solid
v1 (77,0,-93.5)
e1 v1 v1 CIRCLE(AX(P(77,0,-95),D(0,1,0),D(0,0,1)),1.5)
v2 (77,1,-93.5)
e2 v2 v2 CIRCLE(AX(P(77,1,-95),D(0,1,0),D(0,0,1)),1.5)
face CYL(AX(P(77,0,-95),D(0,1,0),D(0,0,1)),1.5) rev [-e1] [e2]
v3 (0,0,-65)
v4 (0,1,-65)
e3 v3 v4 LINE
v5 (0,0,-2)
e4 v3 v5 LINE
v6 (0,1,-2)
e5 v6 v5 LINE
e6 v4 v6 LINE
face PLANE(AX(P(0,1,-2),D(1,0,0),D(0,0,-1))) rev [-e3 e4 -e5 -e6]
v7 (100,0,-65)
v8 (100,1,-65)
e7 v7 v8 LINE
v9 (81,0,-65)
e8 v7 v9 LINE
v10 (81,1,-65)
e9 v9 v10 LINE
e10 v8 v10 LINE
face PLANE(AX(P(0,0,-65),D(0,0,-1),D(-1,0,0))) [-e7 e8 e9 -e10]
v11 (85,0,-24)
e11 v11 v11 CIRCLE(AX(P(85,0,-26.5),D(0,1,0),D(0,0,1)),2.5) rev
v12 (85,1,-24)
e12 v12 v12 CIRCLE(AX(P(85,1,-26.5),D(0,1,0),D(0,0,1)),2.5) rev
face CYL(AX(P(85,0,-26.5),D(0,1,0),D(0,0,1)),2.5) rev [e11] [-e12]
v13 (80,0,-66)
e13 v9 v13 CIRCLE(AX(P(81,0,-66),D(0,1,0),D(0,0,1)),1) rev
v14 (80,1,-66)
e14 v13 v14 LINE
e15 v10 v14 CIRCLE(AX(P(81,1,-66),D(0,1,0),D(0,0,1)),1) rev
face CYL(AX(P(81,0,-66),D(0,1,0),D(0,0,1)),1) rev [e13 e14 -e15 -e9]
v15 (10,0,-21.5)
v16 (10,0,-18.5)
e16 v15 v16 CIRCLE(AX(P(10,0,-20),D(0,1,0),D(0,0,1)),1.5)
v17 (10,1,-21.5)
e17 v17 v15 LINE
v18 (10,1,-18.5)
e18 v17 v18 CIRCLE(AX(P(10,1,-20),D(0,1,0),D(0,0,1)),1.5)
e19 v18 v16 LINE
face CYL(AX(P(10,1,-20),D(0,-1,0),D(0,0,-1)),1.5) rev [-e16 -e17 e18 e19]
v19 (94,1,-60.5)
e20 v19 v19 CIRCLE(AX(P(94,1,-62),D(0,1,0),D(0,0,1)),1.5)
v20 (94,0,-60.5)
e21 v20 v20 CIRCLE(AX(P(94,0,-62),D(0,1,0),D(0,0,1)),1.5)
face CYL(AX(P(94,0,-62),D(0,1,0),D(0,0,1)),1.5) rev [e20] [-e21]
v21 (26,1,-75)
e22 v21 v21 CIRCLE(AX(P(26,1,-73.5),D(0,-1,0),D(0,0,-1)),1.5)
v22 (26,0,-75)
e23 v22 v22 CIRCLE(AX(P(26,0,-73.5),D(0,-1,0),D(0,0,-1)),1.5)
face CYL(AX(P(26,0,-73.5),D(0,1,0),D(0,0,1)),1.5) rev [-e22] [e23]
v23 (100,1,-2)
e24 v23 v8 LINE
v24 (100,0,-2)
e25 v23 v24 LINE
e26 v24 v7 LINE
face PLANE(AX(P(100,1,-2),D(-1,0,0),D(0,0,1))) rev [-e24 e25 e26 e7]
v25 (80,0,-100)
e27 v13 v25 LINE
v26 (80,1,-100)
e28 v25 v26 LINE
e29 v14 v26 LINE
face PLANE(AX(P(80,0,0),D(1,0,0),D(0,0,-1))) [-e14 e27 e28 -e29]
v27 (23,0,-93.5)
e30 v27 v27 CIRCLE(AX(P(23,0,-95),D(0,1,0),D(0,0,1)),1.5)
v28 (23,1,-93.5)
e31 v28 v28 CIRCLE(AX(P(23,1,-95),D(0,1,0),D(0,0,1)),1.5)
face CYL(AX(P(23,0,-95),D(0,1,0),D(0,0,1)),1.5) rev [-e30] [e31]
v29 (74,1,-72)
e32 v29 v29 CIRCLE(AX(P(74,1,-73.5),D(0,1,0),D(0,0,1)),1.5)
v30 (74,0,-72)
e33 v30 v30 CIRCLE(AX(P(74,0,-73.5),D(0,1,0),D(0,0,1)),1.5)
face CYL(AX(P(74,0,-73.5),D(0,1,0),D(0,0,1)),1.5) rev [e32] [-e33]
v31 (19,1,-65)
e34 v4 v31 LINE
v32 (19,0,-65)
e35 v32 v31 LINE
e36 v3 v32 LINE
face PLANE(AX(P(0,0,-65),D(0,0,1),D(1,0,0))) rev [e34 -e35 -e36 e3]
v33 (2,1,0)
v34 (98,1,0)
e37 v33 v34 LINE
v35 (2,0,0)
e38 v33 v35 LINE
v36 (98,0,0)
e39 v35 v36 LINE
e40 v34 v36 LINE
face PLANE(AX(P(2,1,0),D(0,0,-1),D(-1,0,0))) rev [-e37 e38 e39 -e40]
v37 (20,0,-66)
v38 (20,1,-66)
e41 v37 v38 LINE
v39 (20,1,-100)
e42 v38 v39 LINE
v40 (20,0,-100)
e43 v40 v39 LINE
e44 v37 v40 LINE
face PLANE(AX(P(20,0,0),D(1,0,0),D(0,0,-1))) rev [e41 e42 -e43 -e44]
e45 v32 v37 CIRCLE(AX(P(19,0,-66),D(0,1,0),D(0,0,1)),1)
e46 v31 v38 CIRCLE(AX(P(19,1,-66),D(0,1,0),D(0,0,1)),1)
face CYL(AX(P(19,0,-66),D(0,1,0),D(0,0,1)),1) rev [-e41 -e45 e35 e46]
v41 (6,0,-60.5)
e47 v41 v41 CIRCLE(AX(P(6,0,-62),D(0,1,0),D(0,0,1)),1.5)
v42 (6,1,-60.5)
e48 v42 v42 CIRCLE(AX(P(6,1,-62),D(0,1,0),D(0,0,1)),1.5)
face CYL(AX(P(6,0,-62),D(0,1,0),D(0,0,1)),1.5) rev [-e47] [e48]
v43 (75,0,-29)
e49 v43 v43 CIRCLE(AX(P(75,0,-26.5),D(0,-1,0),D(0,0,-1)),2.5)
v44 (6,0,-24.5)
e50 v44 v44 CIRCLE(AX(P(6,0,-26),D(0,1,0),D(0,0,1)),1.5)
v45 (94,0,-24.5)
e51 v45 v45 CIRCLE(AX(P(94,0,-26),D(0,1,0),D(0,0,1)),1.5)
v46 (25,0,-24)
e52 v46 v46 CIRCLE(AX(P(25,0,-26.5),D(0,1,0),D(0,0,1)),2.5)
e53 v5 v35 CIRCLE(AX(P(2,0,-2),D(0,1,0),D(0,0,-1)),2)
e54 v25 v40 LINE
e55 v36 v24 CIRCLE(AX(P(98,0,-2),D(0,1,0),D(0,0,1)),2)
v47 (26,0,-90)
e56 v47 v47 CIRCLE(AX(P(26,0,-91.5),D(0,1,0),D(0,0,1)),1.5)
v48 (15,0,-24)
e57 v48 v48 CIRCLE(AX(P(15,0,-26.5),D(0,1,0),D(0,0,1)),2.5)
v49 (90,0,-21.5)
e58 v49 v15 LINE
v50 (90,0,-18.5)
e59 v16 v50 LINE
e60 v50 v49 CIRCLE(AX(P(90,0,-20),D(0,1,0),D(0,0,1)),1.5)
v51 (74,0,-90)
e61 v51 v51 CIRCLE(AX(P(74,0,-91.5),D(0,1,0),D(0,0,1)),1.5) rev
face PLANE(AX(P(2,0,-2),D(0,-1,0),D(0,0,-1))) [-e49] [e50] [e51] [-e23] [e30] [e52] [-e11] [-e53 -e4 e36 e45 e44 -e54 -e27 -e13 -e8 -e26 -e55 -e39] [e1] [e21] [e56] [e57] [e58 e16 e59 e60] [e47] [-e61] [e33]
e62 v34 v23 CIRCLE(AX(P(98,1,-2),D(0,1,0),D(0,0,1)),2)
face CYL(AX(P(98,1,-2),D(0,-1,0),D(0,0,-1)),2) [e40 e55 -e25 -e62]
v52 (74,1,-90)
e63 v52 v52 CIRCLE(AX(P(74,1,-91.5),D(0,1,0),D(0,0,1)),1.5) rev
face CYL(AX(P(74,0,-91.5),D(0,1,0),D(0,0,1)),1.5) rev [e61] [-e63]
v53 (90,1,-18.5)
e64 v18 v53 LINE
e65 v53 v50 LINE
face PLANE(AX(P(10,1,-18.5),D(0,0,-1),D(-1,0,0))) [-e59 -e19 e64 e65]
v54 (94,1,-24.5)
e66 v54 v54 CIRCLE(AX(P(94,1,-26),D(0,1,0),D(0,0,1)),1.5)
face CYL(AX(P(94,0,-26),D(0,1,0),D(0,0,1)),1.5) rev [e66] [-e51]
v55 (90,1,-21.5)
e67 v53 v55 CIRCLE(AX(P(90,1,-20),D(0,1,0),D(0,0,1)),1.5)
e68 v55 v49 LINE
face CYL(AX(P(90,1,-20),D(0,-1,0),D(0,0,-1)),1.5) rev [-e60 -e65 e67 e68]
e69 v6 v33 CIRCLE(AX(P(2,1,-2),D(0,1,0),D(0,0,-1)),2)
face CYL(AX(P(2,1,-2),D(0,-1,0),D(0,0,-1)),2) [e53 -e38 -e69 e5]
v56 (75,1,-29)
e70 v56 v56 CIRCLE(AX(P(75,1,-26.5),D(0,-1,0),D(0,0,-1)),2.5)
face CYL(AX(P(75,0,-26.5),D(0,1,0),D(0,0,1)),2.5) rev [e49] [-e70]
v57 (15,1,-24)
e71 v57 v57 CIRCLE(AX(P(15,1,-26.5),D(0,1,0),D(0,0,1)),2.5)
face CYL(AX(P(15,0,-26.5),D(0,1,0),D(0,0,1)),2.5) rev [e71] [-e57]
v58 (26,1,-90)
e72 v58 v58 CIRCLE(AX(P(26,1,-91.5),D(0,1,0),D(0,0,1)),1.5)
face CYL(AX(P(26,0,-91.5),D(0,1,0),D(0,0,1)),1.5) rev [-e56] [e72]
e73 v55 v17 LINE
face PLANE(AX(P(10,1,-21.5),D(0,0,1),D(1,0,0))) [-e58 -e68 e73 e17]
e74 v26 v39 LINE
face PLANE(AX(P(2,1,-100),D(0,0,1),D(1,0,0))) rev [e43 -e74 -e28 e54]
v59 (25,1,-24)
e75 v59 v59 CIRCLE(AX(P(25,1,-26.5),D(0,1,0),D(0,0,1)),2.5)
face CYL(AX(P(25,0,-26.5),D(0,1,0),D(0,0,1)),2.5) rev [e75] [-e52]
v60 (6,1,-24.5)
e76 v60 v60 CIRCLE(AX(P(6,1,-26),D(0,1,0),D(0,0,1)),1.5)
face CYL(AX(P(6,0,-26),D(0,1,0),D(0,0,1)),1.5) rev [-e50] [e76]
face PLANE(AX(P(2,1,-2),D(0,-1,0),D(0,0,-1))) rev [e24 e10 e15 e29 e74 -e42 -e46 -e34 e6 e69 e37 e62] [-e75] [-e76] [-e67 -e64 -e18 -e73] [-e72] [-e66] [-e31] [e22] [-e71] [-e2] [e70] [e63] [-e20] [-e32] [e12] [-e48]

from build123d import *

# Parameters (mm, degrees)
BOSS_EXTRUDE1_DEPTH = 1
SKETCH2_R           = 1.5
SKETCH2_R_2         = 2.5
CUT_EXTRUDE2_DEPTH  = 1
SKETCH3_R           = 1.5
CUT_EXTRUDE3_DEPTH  = 1


with BuildPart() as part:
    # Sketch1 → Boss-Extrude1 (new body)
    with BuildSketch(Plane(origin=(0, 0, 0), x_dir=(1, 0, 0), z_dir=(0, 1, 0))):
        with BuildLine():
            Line((2, 0), (98, 0))
            ThreePointArc((98, 0), (99.414213562, 0.585786438), (100, 2))
            Line((100, 2), (100, 98))
            ThreePointArc((100, 98), (99.414213562, 99.414213562), (98, 100))
            Line((98, 100), (2, 100))
            ThreePointArc((2, 100), (0.585786438, 99.414213562), (0, 98))
            Line((0, 98), (0, 2))
            ThreePointArc((0, 2), (0.585786438, 0.585786438), (2, 0))
        make_face()
        with BuildLine():
            Line((10, 21.5), (90, 21.5))
            ThreePointArc((90, 21.5), (91.5, 20), (90, 18.5))
            Line((90, 18.5), (10, 18.5))
            ThreePointArc((10, 18.5), (8.5, 20), (10, 21.5))
        make_face(mode=Mode.SUBTRACT)
    extrude(amount=BOSS_EXTRUDE1_DEPTH)

    # Sketch2 → Cut-Extrude2 (cut)
    with BuildSketch(Plane(origin=(0, 1, 0), x_dir=(1, 0, 0), z_dir=(0, 1, 0))):
        with BuildLine():
            Line((0, 100), (0, 65))
            Line((0, 65), (19, 65))
            ThreePointArc((19, 65), (19.707106781, 65.292893219), (20, 66))
            Line((20, 66), (20, 100))
            Line((20, 100), (0, 100))
        make_face()
        with BuildLine():
            Line((100, 65), (100, 100))
            Line((100, 100), (80, 100))
            Line((80, 100), (80, 66))
            ThreePointArc((80, 66), (80.292893219, 65.292893219), (81, 65))
            Line((81, 65), (100, 65))
        make_face()
        with Locations(Location((26, 91.5, 0), (0, 0, 270))):
            Circle(SKETCH2_R)
        with Locations(Location((26, 73.5, 0), (0, 0, 90))):
            Circle(SKETCH2_R)
        with Locations(Location((74, 91.5, 0), (0, 0, 270))):
            Circle(SKETCH2_R)
        with Locations(Location((74, 73.5, 0), (0, 0, 270))):
            Circle(SKETCH2_R)
        with Locations(Location((15, 26.5, 0), (0, 0, 270))):
            Circle(SKETCH2_R_2)
        with Locations(Location((25, 26.5, 0), (0, 0, 270))):
            Circle(SKETCH2_R_2)
        with Locations(Location((85, 26.5, 0), (0, 0, 270))):
            Circle(SKETCH2_R_2)
        with Locations(Location((75, 26.5, 0), (0, 0, 90))):
            Circle(SKETCH2_R_2)
    extrude(amount=-CUT_EXTRUDE2_DEPTH, mode=Mode.SUBTRACT)

    # Sketch3 → Cut-Extrude3 (cut)
    with BuildSketch(Plane(origin=(0, 1, 0), x_dir=(1, 0, 0), z_dir=(0, 1, 0))):
        with Locations(Location((6, 26, 0), (0, 0, 270))):
            Circle(SKETCH3_R)
        with Locations(Location((23, 95, 0), (0, 0, 270))):
            Circle(SKETCH3_R)
        with Locations(Location((77, 95, 0), (0, 0, 270))):
            Circle(SKETCH3_R)
        with Locations(Location((94, 26, 0), (0, 0, 270))):
            Circle(SKETCH3_R)
        with Locations(Location((6, 62, 0), (0, 0, 270))):
            Circle(SKETCH3_R)
        with Locations(Location((94, 62, 0), (0, 0, 270))):
            Circle(SKETCH3_R)
    extrude(amount=-CUT_EXTRUDE3_DEPTH, mode=Mode.SUBTRACT)


solid = part.part
